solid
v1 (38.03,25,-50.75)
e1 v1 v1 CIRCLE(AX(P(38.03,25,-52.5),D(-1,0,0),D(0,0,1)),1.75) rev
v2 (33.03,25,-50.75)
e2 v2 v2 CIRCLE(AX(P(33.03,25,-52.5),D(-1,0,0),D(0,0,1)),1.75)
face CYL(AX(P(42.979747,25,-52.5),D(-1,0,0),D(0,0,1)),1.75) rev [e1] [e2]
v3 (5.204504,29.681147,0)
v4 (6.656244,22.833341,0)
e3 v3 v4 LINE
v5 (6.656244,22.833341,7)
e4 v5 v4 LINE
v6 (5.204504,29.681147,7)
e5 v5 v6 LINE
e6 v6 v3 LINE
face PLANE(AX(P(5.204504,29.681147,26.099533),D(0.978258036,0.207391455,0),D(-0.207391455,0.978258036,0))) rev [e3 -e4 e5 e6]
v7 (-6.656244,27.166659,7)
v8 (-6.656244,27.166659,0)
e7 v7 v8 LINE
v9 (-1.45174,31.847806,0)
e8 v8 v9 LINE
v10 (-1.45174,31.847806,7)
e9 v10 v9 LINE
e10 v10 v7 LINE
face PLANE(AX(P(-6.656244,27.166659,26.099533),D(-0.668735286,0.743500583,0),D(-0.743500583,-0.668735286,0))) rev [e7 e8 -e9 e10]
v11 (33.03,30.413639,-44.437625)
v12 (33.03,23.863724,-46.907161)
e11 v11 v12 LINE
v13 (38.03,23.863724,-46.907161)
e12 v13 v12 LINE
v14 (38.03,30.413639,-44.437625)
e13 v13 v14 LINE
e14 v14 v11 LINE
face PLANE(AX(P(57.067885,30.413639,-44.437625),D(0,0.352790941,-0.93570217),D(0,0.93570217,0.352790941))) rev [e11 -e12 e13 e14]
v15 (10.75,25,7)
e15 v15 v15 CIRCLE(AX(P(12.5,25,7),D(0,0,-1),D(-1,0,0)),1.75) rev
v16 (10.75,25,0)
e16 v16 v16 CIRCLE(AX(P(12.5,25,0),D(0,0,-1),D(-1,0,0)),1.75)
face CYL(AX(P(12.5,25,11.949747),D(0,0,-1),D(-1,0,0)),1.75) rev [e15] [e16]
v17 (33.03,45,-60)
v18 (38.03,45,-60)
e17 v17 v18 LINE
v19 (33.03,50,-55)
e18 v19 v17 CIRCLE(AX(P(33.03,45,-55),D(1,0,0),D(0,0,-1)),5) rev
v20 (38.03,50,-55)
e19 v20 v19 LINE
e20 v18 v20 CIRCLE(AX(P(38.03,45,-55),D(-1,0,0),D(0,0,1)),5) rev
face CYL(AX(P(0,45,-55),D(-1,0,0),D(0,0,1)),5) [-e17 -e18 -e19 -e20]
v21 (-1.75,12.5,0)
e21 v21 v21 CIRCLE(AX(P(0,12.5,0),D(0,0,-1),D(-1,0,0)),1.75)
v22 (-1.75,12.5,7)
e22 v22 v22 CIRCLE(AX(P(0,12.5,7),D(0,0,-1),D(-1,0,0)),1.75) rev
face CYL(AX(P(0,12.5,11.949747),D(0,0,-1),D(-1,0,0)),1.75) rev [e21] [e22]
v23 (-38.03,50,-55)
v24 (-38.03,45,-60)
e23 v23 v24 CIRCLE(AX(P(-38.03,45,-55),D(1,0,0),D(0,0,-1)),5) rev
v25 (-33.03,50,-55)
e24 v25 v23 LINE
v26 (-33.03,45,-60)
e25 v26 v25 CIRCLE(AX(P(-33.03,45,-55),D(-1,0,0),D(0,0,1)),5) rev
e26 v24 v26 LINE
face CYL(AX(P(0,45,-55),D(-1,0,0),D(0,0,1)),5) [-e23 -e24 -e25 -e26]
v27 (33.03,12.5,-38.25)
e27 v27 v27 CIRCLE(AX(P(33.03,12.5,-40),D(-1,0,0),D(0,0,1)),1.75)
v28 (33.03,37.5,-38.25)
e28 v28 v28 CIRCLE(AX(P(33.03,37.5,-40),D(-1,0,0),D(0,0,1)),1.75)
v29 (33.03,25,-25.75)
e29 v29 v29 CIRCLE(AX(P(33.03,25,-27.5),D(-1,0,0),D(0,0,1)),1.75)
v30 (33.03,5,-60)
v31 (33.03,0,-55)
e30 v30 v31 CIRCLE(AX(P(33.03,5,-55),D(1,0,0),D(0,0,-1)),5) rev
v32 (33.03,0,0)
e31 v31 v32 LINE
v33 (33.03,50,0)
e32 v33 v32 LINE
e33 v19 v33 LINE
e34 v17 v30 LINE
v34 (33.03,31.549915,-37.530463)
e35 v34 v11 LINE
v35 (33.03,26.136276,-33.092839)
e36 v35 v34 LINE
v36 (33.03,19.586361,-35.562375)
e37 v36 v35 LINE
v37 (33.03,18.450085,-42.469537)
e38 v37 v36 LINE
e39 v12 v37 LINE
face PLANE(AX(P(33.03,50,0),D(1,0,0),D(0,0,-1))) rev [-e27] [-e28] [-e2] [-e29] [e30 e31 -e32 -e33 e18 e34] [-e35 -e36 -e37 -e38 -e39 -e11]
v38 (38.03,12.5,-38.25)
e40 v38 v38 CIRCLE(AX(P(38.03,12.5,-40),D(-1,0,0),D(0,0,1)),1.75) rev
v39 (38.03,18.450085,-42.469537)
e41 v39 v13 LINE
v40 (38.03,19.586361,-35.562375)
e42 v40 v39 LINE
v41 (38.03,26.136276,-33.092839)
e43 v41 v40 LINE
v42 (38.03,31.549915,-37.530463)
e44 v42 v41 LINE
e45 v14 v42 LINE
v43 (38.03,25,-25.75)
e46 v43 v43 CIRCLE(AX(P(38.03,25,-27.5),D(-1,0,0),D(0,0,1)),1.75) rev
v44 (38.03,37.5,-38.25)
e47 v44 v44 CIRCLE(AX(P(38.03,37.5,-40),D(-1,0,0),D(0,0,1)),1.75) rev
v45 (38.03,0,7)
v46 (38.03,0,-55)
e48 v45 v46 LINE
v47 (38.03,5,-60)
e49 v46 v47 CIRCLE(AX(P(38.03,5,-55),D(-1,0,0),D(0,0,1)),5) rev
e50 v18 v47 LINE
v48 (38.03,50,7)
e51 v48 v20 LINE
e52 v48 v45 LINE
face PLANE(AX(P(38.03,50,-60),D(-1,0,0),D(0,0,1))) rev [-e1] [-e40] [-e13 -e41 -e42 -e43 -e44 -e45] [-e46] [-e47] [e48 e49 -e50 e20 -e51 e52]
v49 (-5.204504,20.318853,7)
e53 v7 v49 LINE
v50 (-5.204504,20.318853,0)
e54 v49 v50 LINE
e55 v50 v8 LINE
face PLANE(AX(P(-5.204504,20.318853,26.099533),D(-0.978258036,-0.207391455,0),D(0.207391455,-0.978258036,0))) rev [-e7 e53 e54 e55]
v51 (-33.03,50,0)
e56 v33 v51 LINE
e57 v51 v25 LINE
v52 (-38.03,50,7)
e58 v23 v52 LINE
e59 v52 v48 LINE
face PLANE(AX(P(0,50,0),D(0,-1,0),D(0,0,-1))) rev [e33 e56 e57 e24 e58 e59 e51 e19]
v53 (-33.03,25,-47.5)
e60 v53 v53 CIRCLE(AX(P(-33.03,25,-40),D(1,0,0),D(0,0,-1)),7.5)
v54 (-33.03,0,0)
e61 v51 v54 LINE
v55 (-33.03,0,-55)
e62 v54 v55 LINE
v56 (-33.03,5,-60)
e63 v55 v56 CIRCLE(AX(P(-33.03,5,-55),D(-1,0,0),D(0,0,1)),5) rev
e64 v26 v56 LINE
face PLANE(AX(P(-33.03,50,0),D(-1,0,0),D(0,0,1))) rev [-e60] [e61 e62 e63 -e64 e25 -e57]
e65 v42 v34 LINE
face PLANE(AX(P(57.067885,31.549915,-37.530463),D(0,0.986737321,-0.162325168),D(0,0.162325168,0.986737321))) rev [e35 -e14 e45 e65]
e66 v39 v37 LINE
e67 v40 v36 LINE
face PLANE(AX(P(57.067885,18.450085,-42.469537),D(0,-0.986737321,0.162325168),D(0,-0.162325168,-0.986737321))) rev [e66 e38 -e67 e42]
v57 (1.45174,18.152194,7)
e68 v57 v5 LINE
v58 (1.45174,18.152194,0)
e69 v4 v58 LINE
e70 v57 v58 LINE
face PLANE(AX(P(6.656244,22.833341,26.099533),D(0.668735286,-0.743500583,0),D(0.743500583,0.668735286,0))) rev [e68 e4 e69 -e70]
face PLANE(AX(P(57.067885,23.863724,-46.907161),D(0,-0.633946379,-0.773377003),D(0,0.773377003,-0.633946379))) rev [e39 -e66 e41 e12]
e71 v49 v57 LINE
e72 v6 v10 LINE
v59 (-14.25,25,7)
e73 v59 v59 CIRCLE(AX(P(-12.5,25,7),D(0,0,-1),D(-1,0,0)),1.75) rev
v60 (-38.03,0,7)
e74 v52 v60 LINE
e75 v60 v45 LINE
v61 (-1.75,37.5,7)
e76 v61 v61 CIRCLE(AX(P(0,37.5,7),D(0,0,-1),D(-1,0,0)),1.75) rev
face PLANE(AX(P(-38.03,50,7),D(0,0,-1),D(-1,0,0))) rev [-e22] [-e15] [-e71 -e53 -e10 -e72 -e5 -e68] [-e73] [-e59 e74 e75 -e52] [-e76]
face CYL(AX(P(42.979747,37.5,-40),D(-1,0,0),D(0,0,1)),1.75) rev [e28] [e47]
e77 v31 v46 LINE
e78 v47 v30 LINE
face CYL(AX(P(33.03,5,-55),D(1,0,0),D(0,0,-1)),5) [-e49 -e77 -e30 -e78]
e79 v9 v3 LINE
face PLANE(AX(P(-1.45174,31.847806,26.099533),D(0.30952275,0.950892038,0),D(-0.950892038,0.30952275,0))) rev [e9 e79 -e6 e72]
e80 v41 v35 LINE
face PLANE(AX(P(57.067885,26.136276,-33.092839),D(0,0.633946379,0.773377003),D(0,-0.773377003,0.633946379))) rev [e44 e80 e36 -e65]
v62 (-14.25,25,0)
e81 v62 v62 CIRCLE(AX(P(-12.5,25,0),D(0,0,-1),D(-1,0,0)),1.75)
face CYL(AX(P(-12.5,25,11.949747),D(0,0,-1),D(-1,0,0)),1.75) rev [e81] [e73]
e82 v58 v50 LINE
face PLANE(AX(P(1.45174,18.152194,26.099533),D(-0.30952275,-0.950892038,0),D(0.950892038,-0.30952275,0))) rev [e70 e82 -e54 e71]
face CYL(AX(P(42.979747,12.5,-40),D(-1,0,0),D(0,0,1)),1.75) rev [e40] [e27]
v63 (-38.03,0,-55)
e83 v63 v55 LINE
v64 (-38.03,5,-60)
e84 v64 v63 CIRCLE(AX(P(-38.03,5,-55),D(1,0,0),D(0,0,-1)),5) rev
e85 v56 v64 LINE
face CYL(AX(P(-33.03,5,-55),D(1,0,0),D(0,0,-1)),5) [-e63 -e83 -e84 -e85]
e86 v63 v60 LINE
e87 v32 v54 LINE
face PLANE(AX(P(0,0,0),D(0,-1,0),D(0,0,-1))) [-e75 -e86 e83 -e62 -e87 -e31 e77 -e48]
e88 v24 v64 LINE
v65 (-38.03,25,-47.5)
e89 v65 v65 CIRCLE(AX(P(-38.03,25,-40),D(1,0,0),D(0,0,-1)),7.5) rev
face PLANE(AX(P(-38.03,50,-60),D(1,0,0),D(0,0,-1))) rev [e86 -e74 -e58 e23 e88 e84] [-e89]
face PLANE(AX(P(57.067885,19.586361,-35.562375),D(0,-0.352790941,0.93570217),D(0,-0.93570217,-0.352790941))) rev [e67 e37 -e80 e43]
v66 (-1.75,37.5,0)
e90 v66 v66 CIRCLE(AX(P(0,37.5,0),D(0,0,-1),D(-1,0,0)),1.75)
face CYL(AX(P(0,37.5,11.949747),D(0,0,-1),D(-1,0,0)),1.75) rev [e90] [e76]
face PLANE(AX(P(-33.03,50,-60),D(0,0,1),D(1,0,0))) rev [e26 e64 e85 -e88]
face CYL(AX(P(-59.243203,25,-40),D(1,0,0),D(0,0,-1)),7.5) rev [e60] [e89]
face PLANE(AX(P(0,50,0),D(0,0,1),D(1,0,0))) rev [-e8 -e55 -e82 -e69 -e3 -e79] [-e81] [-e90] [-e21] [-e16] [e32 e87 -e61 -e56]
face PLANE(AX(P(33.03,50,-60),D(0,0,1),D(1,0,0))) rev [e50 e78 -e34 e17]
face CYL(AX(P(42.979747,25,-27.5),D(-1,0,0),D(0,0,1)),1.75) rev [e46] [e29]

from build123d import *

# Parameters (mm, degrees)
BOSS_EXTRUDE1_DEPTH = 50
SKETCH3_R           = 7.5
CUT_EXTRUDE1_DEPTH  = 5
CUT_EXTRUDE2_DEPTH  = 5
CUT_EXTRUDE3_DEPTH  = 7
SKETCH4_3_R         = 1.75
CUT_EXTRUDE4_DEPTH  = 5
SKETCH5_3_R         = 1.75
CUT_EXTRUDE6_DEPTH  = 7
FILLET1_R           = 5


with BuildPart() as part:
    # Sketch1 → Boss-Extrude1 (new body)
    with BuildSketch(Plane(origin=(0, 0, 0), x_dir=(1, 0, 0), z_dir=(0, 1, 0))):
        Polygon((0, 0), (33.03, 0), (33.03, 60), (38.03, 60), (38.03, -7), (-38.03, -7), (-38.03, 60), (-33.03, 60), (-33.03, 0), align=None)
    extrude(amount=BOSS_EXTRUDE1_DEPTH)

    # Sketch3 → Cut-Extrude1 (cut)
    with BuildSketch(Plane(origin=(-33.03, 0, 0), x_dir=(0, 0, -1), z_dir=(1, 0, 0))):
        with Locations((40, 25)):
            Circle(SKETCH3_R)
    extrude(amount=-CUT_EXTRUDE1_DEPTH, mode=Mode.SUBTRACT)

    # Sketch4 → Cut-Extrude2 (cut)
    with BuildSketch(Plane.ZY.offset(-33.03)):
        Polygon((-46.907161244, 23.863723826), (-42.46953659, 18.450084807), (-35.562375345, 19.586360981), (-33.092838756, 26.136276174), (-37.53046341, 31.549915193), (-44.437624655, 30.413639019), align=None)
    extrude(amount=-CUT_EXTRUDE2_DEPTH, mode=Mode.SUBTRACT)

    # Sketch5 → Cut-Extrude3 (cut)
    with BuildSketch(Plane(origin=(0, 0, 0), x_dir=(-1, 0, 0), z_dir=(0, 0, -1))):
        Polygon((1.451740182, 31.847806251), (-5.204504082, 29.681147002), (-6.656244264, 22.833340752), (-1.451740182, 18.152193749), (5.204504082, 20.318852998), (6.656244264, 27.166659248), align=None)
    extrude(amount=-CUT_EXTRUDE3_DEPTH, mode=Mode.SUBTRACT)

    # Sketch4<3> → Cut-Extrude4 (cut)
    with BuildSketch(Plane.ZY.offset(-33.03)):
        with Locations((-52.5, 25)):
            Circle(SKETCH4_3_R)
        with Locations((-40, 37.5)):
            Circle(SKETCH4_3_R)
        with Locations((-40, 12.5)):
            Circle(SKETCH4_3_R)
        with Locations((-27.5, 25)):
            Circle(SKETCH4_3_R)
    extrude(amount=-CUT_EXTRUDE4_DEPTH, mode=Mode.SUBTRACT)

    # Sketch5<3> → Cut-Extrude6 (cut)
    with BuildSketch(Plane(origin=(0, 0, 0), x_dir=(-1, 0, 0), z_dir=(0, 0, -1))):
        with Locations((0, 37.5)):
            Circle(SKETCH5_3_R)
        with Locations((-12.5, 25)):
            Circle(SKETCH5_3_R)
        with Locations((0, 12.5)):
            Circle(SKETCH5_3_R)
        with Locations((12.5, 25)):
            Circle(SKETCH5_3_R)
    extrude(amount=-CUT_EXTRUDE6_DEPTH, mode=Mode.SUBTRACT)

    # Fillet1
    fillet1_edges = [part.edges().sort_by_distance(p)[0] for p in [
        (35.53, 0, -60),
        (-35.53, 0, -60),
        (-35.53, 50, -60),
        (35.53, 50, -60),
    ]]
    fillet(fillet1_edges, radius=FILLET1_R)


solid = part.part
